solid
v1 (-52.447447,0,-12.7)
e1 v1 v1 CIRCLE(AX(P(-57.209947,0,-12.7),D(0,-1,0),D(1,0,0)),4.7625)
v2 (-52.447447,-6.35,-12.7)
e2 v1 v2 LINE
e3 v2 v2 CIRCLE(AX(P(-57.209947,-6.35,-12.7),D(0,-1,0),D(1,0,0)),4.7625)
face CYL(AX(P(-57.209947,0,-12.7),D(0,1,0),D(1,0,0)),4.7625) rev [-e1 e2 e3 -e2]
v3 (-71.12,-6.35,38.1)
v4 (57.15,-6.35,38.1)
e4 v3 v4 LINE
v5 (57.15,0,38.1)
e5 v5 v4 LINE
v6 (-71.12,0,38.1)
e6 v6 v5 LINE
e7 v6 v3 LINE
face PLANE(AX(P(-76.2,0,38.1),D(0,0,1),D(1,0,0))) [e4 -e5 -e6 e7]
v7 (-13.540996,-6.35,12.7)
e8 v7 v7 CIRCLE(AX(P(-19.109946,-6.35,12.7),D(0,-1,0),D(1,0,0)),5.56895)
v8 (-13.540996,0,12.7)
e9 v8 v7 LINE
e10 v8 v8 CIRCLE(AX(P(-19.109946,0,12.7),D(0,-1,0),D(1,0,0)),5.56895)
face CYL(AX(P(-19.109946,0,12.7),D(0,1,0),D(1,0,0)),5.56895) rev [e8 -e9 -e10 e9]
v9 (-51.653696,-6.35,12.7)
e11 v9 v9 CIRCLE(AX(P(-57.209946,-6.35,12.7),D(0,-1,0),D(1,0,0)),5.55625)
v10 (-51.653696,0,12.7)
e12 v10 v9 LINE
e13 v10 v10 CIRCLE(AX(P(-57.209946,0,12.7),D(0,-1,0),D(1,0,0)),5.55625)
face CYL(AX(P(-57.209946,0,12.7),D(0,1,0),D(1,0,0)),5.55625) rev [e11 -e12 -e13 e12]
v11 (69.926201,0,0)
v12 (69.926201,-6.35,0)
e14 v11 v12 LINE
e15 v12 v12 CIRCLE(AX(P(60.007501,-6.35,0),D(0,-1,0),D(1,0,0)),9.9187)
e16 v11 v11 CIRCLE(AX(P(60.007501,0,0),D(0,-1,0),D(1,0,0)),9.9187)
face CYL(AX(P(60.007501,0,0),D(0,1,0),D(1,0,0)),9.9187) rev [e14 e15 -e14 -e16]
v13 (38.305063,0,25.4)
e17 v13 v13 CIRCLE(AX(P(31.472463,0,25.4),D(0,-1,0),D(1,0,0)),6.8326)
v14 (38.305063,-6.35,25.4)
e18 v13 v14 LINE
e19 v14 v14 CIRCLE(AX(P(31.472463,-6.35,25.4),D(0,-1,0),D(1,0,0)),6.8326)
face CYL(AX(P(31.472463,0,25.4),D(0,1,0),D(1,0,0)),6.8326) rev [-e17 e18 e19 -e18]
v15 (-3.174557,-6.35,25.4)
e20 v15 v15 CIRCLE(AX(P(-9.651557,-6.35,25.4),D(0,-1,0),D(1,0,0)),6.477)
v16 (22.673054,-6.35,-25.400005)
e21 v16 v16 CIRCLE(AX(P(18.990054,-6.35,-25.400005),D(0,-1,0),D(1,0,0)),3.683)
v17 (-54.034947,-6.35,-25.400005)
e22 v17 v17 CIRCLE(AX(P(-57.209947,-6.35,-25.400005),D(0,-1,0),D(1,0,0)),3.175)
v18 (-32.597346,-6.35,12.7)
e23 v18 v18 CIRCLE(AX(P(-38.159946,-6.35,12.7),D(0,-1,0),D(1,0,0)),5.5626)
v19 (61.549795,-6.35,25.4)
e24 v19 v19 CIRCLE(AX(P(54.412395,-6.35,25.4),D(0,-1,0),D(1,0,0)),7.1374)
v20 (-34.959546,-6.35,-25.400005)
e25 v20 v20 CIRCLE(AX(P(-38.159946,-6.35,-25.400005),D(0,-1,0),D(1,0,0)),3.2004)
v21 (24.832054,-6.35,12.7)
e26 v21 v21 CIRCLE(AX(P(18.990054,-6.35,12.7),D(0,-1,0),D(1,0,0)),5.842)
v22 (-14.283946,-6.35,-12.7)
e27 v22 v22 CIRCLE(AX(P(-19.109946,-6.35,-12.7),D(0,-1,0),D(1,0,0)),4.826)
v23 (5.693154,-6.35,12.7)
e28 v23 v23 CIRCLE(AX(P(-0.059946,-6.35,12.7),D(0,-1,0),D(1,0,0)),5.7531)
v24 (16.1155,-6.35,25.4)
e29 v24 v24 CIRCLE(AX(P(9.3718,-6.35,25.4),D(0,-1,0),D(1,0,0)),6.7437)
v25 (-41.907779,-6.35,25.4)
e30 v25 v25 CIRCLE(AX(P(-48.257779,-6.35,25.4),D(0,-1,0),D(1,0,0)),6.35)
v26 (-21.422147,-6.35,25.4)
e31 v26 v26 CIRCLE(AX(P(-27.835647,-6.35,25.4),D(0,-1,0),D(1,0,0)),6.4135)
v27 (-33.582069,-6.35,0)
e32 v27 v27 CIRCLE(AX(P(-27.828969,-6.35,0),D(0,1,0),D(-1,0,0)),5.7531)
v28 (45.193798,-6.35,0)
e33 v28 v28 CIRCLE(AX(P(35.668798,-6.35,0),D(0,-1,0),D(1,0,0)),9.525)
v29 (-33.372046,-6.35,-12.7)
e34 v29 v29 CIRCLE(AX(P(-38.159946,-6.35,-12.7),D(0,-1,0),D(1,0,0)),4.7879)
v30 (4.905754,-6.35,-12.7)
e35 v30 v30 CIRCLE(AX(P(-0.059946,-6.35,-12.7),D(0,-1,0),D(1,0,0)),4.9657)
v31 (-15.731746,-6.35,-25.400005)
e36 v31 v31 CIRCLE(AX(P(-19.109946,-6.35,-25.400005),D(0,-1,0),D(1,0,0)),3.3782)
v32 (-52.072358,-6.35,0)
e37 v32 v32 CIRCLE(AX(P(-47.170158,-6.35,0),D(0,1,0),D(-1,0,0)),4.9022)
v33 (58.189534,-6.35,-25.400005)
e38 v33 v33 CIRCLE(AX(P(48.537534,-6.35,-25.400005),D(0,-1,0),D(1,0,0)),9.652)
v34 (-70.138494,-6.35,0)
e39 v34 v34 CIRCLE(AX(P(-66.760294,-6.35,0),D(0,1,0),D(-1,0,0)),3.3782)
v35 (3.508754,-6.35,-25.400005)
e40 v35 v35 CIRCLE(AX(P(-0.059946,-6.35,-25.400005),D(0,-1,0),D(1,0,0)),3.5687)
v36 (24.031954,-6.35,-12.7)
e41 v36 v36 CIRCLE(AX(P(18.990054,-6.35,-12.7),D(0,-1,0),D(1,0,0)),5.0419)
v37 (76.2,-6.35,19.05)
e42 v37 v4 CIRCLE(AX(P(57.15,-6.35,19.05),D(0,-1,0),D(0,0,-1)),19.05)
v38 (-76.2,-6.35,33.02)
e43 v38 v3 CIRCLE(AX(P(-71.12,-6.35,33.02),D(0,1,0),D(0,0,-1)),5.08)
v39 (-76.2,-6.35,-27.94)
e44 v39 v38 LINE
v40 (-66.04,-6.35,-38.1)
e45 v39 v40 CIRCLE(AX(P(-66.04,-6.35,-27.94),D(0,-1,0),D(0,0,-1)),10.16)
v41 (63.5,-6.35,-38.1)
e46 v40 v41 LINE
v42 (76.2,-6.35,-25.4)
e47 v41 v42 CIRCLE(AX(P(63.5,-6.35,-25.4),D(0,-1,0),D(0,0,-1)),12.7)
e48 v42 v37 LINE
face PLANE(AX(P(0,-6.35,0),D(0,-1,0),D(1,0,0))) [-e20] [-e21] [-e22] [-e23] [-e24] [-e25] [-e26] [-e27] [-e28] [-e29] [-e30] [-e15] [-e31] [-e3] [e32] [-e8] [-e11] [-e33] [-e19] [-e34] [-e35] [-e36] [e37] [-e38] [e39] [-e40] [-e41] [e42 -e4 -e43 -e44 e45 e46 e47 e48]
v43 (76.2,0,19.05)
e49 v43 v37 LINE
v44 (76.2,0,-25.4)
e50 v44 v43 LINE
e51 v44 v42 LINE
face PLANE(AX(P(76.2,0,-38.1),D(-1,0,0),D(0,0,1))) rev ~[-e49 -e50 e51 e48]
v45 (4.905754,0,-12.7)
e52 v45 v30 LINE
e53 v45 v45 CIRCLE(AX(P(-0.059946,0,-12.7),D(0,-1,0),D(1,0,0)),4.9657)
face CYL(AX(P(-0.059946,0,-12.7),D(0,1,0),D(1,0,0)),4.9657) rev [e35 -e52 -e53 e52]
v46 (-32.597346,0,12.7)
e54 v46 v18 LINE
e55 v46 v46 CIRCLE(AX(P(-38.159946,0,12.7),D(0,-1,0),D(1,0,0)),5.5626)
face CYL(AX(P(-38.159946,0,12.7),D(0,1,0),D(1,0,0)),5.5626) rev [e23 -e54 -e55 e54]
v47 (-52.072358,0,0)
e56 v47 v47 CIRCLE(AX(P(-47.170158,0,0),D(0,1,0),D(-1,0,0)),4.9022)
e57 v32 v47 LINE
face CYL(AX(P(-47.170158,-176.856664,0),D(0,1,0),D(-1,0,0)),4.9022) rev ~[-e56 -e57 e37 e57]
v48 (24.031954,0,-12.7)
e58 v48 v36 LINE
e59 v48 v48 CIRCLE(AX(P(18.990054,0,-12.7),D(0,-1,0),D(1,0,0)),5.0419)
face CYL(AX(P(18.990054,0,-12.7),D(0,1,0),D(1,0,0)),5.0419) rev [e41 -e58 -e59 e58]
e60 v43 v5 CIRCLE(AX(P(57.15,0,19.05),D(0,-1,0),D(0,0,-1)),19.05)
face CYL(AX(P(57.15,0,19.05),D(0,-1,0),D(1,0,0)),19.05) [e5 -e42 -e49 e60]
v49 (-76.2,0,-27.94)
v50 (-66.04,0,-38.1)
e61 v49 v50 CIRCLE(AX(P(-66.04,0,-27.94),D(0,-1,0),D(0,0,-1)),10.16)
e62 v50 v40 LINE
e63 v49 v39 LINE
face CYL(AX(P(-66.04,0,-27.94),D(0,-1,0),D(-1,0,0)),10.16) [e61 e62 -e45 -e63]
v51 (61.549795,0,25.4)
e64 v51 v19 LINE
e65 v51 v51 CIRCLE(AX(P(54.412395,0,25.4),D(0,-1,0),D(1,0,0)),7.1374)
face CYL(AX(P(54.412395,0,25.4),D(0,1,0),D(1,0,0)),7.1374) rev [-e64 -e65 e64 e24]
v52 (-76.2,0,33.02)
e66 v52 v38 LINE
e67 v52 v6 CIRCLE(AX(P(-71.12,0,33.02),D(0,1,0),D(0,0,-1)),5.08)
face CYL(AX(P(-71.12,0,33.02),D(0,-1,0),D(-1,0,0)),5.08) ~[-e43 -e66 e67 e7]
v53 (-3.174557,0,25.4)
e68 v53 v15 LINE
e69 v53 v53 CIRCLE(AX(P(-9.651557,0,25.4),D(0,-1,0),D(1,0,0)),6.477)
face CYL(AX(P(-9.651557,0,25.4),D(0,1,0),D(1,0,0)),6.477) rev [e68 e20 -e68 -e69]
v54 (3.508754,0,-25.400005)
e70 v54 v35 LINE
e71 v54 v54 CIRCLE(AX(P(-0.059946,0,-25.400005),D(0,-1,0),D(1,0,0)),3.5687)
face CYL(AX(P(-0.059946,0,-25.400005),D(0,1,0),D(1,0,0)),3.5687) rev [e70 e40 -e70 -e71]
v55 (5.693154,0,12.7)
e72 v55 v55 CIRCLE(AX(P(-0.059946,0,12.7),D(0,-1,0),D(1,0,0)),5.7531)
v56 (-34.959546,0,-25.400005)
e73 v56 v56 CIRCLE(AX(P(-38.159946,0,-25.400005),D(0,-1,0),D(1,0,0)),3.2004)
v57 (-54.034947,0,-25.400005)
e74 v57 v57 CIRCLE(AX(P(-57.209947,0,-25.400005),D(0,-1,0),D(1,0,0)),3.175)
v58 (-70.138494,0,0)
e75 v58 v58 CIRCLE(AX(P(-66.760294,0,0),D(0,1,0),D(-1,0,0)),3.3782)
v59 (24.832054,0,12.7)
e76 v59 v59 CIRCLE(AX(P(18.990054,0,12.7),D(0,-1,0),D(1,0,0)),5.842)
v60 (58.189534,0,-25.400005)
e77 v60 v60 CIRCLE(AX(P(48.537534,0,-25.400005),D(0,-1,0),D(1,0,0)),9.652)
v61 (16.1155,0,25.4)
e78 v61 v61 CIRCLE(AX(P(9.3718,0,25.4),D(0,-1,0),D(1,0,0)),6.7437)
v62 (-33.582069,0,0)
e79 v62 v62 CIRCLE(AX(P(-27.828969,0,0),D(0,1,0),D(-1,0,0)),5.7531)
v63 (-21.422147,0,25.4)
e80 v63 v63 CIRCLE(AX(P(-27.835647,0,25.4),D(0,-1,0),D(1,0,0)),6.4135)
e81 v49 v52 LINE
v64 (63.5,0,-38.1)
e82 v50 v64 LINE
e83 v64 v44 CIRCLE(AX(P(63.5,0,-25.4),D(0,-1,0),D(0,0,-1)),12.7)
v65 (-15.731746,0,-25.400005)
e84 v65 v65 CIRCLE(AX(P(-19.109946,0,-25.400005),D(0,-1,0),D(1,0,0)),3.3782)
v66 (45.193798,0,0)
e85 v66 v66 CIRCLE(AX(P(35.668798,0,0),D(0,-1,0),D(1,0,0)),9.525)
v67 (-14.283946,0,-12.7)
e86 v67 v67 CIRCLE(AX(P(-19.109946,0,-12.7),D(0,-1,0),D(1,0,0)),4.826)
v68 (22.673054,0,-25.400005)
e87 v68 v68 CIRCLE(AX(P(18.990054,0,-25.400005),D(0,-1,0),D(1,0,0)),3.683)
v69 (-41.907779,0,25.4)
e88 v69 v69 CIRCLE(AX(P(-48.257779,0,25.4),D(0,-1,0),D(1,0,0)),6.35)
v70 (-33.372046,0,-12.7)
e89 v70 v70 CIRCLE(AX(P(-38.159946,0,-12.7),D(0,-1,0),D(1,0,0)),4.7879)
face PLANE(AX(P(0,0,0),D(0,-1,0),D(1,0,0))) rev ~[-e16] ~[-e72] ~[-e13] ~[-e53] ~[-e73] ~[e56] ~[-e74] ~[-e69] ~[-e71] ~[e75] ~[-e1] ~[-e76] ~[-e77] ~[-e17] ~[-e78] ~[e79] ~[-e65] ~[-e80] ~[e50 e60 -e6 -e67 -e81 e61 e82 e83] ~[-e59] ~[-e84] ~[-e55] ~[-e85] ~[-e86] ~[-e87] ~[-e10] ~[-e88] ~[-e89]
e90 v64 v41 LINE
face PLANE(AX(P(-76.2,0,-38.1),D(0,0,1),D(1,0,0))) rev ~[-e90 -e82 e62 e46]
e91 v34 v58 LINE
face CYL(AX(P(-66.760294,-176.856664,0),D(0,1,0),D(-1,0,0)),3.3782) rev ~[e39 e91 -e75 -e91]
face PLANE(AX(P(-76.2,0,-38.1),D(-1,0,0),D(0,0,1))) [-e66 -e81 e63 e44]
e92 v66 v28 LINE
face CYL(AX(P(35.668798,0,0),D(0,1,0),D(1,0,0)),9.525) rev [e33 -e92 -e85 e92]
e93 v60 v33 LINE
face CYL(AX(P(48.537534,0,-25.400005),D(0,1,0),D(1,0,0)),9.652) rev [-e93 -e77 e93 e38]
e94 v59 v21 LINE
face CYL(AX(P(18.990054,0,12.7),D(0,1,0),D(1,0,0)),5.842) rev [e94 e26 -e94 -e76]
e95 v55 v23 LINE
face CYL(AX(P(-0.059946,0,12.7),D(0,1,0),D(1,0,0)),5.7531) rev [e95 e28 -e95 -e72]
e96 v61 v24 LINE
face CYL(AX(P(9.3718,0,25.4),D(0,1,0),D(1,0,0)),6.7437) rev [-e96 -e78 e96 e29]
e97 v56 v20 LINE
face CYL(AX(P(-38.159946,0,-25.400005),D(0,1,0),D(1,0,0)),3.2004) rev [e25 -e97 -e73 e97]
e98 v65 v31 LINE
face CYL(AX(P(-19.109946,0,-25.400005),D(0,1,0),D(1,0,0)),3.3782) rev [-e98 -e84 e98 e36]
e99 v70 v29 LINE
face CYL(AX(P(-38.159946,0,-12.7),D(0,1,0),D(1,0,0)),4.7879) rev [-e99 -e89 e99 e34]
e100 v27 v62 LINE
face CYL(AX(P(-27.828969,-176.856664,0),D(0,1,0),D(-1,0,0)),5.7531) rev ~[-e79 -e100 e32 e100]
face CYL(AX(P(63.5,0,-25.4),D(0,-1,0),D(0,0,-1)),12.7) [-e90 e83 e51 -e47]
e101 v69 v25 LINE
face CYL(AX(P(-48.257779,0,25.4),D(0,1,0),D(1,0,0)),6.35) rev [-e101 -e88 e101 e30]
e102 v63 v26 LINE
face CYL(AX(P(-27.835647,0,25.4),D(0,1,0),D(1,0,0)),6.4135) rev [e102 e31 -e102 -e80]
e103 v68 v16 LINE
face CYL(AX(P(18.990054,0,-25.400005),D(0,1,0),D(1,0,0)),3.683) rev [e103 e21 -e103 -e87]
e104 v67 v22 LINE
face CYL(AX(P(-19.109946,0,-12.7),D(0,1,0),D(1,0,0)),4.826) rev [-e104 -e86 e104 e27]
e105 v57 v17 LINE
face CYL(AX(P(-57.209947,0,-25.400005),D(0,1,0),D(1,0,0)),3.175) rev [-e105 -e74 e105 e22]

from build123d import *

# Parameters (mm, degrees)
F0_W     = 152.4
F0_H     = 76.2
F0_R     = 3.175
F0_R_2   = 3.2004
F0_R_3   = 3.3782
F0_R_4   = 3.5687
F0_R_5   = 4.7625
F0_R_6   = 4.7879
F0_R_7   = 4.826
F0_R_8   = 4.9657
F0_R_9   = 3.683
F0_R_10  = 9.652
F0_R_11  = 5.0419
F0_R_12  = 5.55625
F0_R_13  = 5.5626
F0_R_14  = 5.56895
F0_R_15  = 5.7531
F0_R_16  = 6.35
F0_R_17  = 6.4135
F0_R_18  = 6.477
F0_R_19  = 9.525
F0_R_20  = 5.842
F0_R_21  = 9.9187
F0_R_22  = 6.7437
F0_R_23  = 6.8326
F0_R_24  = 7.1374
F1_DEPTH = 6.35
F2_R     = 5.08
F3_R     = 10.16
F4_R     = 12.7
F5_R     = 19.05
F7_D     = 6.7564
F9_D     = 9.8044
F11_D    = 11.5062


with BuildPart() as f1:
    # F0 (on Front) → F1 (new body)
    with BuildSketch(Plane.XZ):
        Rectangle(F0_W, F0_H)
        with Locations((-57.2099471569, -25.400005281)):
            Circle(F0_R, mode=Mode.SUBTRACT)
        with Locations((-38.1599462152, -25.400005281)):
            Circle(F0_R_2, mode=Mode.SUBTRACT)
        with Locations((-19.1099462152, -25.400005281)):
            Circle(F0_R_3, mode=Mode.SUBTRACT)
        with Locations((-0.0599462152, -25.400005281)):
            Circle(F0_R_4, mode=Mode.SUBTRACT)
        with Locations((-57.2099471569, -12.7)):
            Circle(F0_R_5, mode=Mode.SUBTRACT)
        with Locations((-38.1599462152, -12.7)):
            Circle(F0_R_6, mode=Mode.SUBTRACT)
        with Locations((-19.1099462152, -12.7)):
            Circle(F0_R_7, mode=Mode.SUBTRACT)
        with Locations((-0.0599462152, -12.7)):
            Circle(F0_R_8, mode=Mode.SUBTRACT)
        with Locations((18.9900537848, -25.400005281)):
            Circle(F0_R_9, mode=Mode.SUBTRACT)
        with Locations((48.5375337303, -25.400005281)):
            Circle(F0_R_10, mode=Mode.SUBTRACT)
        with Locations((18.9900537848, -12.7)):
            Circle(F0_R_11, mode=Mode.SUBTRACT)
        with Locations((-57.2099462152, 12.7)):
            Circle(F0_R_12, mode=Mode.SUBTRACT)
        with Locations((-38.1599462152, 12.7)):
            Circle(F0_R_13, mode=Mode.SUBTRACT)
        with Locations((-19.1099462152, 12.7)):
            Circle(F0_R_14, mode=Mode.SUBTRACT)
        with Locations((-0.0599462152, 12.7)):
            Circle(F0_R_15, mode=Mode.SUBTRACT)
        with Locations((-48.25777933, 25.4)):
            Circle(F0_R_16, mode=Mode.SUBTRACT)
        with Locations((-27.8356466442, 25.4)):
            Circle(F0_R_17, mode=Mode.SUBTRACT)
        with Locations((-9.6515566111, 25.4)):
            Circle(F0_R_18, mode=Mode.SUBTRACT)
        with Locations((35.668797791, 0)):
            Circle(F0_R_19, mode=Mode.SUBTRACT)
        with Locations((18.9900537848, 12.7)):
            Circle(F0_R_20, mode=Mode.SUBTRACT)
        with Locations((60.0075013936, 0)):
            Circle(F0_R_21, mode=Mode.SUBTRACT)
        with Locations((9.3718003482, 25.4)):
            Circle(F0_R_22, mode=Mode.SUBTRACT)
        with Locations((31.4724631608, 25.4)):
            Circle(F0_R_23, mode=Mode.SUBTRACT)
        with Locations((54.412394762, 25.4)):
            Circle(F0_R_24, mode=Mode.SUBTRACT)
    extrude(amount=F1_DEPTH)

    # F2
    f2_edges = [f1.edges().sort_by_distance(p)[0] for p in [
        (-76.2, -3.175, 38.1),
    ]]
    fillet(f2_edges, radius=F2_R)

    # F3
    f3_edges = [f1.edges().sort_by_distance(p)[0] for p in [
        (-76.2, -3.175, -38.1),
    ]]
    fillet(f3_edges, radius=F3_R)

    # F4
    f4_edges = [f1.edges().sort_by_distance(p)[0] for p in [
        (76.2, -3.175, -38.1),
    ]]
    fillet(f4_edges, radius=F4_R)

    # F5
    f5_edges = [f1.edges().sort_by_distance(p)[0] for p in [
        (76.2, -3.175, 38.1),
    ]]
    fillet(f5_edges, radius=F5_R)

    # F7 (through all)
    with Locations(Plane.XZ.offset(6.35)):
        with Locations((-66.7602941394, 0)):
            Hole(F7_D / 2)

    # F9 (through all)
    with Locations(Plane.XZ.offset(6.35)):
        with Locations((-47.1701584756, 0)):
            Hole(F9_D / 2)

    # F11 (through all)
    with Locations(Plane.XZ.offset(6.35)):
        with Locations((-27.8289690614, 0)):
            Hole(F11_D / 2)


solid = f1.part
